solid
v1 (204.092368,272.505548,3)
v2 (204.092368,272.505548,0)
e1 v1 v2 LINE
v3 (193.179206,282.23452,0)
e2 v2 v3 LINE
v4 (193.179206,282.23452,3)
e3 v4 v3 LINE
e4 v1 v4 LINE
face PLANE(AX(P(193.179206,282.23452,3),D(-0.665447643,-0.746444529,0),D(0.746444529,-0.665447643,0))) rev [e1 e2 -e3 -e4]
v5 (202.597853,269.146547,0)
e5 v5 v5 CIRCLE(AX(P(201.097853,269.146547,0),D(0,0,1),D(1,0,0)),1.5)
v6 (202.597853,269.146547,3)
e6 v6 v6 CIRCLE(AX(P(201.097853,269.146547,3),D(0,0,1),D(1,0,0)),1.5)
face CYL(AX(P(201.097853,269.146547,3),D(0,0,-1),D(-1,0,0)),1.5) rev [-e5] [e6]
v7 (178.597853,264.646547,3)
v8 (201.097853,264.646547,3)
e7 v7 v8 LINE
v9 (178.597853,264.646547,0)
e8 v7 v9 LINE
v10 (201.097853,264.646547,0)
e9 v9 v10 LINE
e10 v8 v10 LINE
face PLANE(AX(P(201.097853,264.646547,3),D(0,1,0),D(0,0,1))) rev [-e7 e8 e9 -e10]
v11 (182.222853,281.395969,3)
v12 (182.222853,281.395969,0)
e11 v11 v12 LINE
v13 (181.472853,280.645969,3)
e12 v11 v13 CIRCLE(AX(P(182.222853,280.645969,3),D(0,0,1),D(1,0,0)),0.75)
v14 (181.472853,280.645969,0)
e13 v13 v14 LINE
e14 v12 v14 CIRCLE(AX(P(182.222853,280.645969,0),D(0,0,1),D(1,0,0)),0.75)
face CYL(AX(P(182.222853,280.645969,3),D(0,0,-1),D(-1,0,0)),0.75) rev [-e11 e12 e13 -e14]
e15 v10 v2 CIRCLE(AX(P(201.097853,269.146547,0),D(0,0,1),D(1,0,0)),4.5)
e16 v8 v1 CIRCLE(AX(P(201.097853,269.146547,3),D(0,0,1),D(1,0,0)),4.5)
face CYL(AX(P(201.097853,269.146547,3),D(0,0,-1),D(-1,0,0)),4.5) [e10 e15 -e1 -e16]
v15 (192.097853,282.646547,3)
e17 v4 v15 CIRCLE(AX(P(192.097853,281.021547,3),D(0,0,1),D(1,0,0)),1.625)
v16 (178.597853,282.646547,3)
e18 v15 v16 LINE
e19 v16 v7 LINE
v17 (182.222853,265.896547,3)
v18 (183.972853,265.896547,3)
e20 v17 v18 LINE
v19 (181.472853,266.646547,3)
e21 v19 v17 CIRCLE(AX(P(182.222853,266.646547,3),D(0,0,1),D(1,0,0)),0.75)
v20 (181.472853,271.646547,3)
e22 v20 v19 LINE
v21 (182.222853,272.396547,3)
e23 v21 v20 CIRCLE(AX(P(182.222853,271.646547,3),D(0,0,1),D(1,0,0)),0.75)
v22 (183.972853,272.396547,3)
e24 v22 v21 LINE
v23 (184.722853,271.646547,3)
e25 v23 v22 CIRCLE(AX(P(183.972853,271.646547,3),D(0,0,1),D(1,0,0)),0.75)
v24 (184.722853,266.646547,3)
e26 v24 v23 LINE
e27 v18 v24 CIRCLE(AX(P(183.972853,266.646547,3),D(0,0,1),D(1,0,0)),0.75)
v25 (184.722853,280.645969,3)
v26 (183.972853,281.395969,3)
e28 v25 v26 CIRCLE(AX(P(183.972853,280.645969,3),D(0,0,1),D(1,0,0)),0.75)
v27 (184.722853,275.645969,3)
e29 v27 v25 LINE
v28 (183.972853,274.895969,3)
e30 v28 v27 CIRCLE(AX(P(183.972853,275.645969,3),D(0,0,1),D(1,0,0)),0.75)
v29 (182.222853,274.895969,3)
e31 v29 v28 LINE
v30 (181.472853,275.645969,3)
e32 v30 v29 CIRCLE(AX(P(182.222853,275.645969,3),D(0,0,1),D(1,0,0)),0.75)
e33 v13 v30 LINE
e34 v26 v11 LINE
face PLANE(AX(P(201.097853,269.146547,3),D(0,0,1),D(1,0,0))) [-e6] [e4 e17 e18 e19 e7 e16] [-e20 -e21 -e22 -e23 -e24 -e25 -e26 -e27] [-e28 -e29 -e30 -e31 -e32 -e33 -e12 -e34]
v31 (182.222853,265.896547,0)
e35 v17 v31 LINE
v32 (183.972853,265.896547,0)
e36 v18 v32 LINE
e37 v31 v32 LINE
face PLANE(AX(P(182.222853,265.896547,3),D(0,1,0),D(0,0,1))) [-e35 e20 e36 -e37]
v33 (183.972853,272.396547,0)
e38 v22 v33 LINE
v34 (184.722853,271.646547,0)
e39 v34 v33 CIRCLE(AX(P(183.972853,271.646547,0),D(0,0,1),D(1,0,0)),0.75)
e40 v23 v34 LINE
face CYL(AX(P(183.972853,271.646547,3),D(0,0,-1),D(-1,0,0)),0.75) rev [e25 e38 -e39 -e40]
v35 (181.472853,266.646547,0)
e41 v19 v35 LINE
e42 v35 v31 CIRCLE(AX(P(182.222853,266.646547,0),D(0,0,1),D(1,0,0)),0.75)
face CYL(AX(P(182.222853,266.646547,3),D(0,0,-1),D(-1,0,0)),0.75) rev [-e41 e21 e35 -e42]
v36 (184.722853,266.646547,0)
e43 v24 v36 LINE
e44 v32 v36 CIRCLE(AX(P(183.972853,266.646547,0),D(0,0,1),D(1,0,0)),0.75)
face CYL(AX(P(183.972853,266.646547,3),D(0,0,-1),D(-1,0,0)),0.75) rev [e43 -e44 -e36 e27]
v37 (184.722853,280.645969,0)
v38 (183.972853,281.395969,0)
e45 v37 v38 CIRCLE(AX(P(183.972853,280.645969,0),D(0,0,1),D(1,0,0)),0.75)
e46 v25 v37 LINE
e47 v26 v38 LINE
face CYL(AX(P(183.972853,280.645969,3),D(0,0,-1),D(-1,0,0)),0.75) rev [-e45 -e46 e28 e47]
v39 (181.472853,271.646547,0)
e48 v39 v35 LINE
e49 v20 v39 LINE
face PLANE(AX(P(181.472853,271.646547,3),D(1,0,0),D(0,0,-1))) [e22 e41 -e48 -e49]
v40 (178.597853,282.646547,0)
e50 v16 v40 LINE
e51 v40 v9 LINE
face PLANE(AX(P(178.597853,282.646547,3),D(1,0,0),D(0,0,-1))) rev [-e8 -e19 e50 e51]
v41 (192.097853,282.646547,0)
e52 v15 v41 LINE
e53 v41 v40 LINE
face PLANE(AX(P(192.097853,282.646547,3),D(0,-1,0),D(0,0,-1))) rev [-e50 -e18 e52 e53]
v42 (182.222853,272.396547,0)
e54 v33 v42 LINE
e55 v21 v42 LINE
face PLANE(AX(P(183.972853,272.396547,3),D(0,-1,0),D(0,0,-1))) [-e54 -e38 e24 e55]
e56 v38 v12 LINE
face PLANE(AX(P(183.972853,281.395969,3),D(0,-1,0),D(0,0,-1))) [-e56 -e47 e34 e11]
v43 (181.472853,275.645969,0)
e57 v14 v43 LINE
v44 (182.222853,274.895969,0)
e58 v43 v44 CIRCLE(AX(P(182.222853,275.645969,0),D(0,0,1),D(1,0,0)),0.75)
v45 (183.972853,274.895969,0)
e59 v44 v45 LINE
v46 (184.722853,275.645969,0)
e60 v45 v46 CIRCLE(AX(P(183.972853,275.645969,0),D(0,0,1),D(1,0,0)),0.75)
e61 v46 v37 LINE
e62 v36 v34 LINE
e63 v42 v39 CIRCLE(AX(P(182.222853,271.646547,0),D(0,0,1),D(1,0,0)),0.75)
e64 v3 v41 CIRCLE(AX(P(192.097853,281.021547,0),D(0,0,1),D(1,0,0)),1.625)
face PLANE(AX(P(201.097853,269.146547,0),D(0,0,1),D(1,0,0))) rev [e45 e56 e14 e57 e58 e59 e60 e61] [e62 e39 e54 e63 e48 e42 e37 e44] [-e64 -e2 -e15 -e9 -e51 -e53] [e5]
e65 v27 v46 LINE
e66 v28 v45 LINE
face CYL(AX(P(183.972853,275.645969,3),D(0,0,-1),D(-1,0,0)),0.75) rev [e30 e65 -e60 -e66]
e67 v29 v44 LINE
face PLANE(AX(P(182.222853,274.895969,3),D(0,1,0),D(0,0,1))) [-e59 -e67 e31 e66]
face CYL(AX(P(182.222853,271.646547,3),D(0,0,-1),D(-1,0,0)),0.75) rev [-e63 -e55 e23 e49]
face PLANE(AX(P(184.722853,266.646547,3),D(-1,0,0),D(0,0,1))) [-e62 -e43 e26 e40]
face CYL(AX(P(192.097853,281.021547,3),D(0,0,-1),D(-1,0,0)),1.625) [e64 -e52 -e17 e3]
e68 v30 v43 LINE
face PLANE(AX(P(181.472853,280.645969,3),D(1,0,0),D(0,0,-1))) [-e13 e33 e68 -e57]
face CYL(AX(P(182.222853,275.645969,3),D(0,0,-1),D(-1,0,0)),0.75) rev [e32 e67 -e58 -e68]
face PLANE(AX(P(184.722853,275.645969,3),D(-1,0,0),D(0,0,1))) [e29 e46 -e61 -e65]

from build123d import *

# Parameters (mm, degrees)
MODEL_R                 = 1.5
SALIENTE_EXTRUIR1_DEPTH = 3


with BuildPart() as part:
    # Model → Saliente-Extruir1 (new body)
    with BuildSketch(Plane.XY):
        with BuildLine():
            Line((201.097853309, 264.646547335), (178.597853309, 264.646547335))
            Line((178.597853309, 264.646547335), (178.597853309, 282.646547335))
            Line((178.597853309, 282.646547335), (192.097853309, 282.646547335))
            ThreePointArc((192.097853309, 282.646547335), (192.676448554, 282.540050724), (193.179205728, 282.234519695))
            Line((193.179205728, 282.234519695), (204.092367701, 272.505547716))
            ThreePointArc((204.092367701, 272.505547716), (205.302939617, 267.544283579), (201.097853309, 264.646547335))
        make_face()
        with Locations((201.097853309, 269.146547335)):
            Circle(MODEL_R, mode=Mode.SUBTRACT)
        with BuildLine():
            Line((182.222853309, 265.896547335), (183.972853309, 265.896547335))
            ThreePointArc((183.972853309, 265.896547335), (184.503183395, 266.116217249), (184.722853309, 266.646547335))
            Line((184.722853309, 266.646547335), (184.722853309, 271.646547335))
            ThreePointArc((184.722853309, 271.646547335), (184.503183395, 272.176877421), (183.972853309, 272.396547335))
            Line((183.972853309, 272.396547335), (182.222853309, 272.396547335))
            ThreePointArc((182.222853309, 272.396547335), (181.692523223, 272.176877421), (181.472853309, 271.646547335))
            Line((181.472853309, 271.646547335), (181.472853309, 266.646547335))
            ThreePointArc((181.472853309, 266.646547335), (181.692523223, 266.116217249), (182.222853309, 265.896547335))
        make_face(mode=Mode.SUBTRACT)
        with BuildLine():
            Line((182.222853309, 274.895968764), (183.972853309, 274.895968764))
            ThreePointArc((183.972853309, 274.895968764), (184.503183395, 275.115638678), (184.722853309, 275.645968764))
            Line((184.722853309, 275.645968764), (184.722853309, 280.645968764))
            ThreePointArc((184.722853309, 280.645968764), (184.503183395, 281.17629885), (183.972853309, 281.395968764))
            Line((183.972853309, 281.395968764), (182.222853309, 281.395968764))
            ThreePointArc((182.222853309, 281.395968764), (181.692523223, 281.17629885), (181.472853309, 280.645968764))
            Line((181.472853309, 280.645968764), (181.472853309, 275.645968764))
            ThreePointArc((181.472853309, 275.645968764), (181.692523223, 275.115638678), (182.222853309, 274.895968764))
        make_face(mode=Mode.SUBTRACT)
    extrude(amount=SALIENTE_EXTRUIR1_DEPTH)


solid = part.part
